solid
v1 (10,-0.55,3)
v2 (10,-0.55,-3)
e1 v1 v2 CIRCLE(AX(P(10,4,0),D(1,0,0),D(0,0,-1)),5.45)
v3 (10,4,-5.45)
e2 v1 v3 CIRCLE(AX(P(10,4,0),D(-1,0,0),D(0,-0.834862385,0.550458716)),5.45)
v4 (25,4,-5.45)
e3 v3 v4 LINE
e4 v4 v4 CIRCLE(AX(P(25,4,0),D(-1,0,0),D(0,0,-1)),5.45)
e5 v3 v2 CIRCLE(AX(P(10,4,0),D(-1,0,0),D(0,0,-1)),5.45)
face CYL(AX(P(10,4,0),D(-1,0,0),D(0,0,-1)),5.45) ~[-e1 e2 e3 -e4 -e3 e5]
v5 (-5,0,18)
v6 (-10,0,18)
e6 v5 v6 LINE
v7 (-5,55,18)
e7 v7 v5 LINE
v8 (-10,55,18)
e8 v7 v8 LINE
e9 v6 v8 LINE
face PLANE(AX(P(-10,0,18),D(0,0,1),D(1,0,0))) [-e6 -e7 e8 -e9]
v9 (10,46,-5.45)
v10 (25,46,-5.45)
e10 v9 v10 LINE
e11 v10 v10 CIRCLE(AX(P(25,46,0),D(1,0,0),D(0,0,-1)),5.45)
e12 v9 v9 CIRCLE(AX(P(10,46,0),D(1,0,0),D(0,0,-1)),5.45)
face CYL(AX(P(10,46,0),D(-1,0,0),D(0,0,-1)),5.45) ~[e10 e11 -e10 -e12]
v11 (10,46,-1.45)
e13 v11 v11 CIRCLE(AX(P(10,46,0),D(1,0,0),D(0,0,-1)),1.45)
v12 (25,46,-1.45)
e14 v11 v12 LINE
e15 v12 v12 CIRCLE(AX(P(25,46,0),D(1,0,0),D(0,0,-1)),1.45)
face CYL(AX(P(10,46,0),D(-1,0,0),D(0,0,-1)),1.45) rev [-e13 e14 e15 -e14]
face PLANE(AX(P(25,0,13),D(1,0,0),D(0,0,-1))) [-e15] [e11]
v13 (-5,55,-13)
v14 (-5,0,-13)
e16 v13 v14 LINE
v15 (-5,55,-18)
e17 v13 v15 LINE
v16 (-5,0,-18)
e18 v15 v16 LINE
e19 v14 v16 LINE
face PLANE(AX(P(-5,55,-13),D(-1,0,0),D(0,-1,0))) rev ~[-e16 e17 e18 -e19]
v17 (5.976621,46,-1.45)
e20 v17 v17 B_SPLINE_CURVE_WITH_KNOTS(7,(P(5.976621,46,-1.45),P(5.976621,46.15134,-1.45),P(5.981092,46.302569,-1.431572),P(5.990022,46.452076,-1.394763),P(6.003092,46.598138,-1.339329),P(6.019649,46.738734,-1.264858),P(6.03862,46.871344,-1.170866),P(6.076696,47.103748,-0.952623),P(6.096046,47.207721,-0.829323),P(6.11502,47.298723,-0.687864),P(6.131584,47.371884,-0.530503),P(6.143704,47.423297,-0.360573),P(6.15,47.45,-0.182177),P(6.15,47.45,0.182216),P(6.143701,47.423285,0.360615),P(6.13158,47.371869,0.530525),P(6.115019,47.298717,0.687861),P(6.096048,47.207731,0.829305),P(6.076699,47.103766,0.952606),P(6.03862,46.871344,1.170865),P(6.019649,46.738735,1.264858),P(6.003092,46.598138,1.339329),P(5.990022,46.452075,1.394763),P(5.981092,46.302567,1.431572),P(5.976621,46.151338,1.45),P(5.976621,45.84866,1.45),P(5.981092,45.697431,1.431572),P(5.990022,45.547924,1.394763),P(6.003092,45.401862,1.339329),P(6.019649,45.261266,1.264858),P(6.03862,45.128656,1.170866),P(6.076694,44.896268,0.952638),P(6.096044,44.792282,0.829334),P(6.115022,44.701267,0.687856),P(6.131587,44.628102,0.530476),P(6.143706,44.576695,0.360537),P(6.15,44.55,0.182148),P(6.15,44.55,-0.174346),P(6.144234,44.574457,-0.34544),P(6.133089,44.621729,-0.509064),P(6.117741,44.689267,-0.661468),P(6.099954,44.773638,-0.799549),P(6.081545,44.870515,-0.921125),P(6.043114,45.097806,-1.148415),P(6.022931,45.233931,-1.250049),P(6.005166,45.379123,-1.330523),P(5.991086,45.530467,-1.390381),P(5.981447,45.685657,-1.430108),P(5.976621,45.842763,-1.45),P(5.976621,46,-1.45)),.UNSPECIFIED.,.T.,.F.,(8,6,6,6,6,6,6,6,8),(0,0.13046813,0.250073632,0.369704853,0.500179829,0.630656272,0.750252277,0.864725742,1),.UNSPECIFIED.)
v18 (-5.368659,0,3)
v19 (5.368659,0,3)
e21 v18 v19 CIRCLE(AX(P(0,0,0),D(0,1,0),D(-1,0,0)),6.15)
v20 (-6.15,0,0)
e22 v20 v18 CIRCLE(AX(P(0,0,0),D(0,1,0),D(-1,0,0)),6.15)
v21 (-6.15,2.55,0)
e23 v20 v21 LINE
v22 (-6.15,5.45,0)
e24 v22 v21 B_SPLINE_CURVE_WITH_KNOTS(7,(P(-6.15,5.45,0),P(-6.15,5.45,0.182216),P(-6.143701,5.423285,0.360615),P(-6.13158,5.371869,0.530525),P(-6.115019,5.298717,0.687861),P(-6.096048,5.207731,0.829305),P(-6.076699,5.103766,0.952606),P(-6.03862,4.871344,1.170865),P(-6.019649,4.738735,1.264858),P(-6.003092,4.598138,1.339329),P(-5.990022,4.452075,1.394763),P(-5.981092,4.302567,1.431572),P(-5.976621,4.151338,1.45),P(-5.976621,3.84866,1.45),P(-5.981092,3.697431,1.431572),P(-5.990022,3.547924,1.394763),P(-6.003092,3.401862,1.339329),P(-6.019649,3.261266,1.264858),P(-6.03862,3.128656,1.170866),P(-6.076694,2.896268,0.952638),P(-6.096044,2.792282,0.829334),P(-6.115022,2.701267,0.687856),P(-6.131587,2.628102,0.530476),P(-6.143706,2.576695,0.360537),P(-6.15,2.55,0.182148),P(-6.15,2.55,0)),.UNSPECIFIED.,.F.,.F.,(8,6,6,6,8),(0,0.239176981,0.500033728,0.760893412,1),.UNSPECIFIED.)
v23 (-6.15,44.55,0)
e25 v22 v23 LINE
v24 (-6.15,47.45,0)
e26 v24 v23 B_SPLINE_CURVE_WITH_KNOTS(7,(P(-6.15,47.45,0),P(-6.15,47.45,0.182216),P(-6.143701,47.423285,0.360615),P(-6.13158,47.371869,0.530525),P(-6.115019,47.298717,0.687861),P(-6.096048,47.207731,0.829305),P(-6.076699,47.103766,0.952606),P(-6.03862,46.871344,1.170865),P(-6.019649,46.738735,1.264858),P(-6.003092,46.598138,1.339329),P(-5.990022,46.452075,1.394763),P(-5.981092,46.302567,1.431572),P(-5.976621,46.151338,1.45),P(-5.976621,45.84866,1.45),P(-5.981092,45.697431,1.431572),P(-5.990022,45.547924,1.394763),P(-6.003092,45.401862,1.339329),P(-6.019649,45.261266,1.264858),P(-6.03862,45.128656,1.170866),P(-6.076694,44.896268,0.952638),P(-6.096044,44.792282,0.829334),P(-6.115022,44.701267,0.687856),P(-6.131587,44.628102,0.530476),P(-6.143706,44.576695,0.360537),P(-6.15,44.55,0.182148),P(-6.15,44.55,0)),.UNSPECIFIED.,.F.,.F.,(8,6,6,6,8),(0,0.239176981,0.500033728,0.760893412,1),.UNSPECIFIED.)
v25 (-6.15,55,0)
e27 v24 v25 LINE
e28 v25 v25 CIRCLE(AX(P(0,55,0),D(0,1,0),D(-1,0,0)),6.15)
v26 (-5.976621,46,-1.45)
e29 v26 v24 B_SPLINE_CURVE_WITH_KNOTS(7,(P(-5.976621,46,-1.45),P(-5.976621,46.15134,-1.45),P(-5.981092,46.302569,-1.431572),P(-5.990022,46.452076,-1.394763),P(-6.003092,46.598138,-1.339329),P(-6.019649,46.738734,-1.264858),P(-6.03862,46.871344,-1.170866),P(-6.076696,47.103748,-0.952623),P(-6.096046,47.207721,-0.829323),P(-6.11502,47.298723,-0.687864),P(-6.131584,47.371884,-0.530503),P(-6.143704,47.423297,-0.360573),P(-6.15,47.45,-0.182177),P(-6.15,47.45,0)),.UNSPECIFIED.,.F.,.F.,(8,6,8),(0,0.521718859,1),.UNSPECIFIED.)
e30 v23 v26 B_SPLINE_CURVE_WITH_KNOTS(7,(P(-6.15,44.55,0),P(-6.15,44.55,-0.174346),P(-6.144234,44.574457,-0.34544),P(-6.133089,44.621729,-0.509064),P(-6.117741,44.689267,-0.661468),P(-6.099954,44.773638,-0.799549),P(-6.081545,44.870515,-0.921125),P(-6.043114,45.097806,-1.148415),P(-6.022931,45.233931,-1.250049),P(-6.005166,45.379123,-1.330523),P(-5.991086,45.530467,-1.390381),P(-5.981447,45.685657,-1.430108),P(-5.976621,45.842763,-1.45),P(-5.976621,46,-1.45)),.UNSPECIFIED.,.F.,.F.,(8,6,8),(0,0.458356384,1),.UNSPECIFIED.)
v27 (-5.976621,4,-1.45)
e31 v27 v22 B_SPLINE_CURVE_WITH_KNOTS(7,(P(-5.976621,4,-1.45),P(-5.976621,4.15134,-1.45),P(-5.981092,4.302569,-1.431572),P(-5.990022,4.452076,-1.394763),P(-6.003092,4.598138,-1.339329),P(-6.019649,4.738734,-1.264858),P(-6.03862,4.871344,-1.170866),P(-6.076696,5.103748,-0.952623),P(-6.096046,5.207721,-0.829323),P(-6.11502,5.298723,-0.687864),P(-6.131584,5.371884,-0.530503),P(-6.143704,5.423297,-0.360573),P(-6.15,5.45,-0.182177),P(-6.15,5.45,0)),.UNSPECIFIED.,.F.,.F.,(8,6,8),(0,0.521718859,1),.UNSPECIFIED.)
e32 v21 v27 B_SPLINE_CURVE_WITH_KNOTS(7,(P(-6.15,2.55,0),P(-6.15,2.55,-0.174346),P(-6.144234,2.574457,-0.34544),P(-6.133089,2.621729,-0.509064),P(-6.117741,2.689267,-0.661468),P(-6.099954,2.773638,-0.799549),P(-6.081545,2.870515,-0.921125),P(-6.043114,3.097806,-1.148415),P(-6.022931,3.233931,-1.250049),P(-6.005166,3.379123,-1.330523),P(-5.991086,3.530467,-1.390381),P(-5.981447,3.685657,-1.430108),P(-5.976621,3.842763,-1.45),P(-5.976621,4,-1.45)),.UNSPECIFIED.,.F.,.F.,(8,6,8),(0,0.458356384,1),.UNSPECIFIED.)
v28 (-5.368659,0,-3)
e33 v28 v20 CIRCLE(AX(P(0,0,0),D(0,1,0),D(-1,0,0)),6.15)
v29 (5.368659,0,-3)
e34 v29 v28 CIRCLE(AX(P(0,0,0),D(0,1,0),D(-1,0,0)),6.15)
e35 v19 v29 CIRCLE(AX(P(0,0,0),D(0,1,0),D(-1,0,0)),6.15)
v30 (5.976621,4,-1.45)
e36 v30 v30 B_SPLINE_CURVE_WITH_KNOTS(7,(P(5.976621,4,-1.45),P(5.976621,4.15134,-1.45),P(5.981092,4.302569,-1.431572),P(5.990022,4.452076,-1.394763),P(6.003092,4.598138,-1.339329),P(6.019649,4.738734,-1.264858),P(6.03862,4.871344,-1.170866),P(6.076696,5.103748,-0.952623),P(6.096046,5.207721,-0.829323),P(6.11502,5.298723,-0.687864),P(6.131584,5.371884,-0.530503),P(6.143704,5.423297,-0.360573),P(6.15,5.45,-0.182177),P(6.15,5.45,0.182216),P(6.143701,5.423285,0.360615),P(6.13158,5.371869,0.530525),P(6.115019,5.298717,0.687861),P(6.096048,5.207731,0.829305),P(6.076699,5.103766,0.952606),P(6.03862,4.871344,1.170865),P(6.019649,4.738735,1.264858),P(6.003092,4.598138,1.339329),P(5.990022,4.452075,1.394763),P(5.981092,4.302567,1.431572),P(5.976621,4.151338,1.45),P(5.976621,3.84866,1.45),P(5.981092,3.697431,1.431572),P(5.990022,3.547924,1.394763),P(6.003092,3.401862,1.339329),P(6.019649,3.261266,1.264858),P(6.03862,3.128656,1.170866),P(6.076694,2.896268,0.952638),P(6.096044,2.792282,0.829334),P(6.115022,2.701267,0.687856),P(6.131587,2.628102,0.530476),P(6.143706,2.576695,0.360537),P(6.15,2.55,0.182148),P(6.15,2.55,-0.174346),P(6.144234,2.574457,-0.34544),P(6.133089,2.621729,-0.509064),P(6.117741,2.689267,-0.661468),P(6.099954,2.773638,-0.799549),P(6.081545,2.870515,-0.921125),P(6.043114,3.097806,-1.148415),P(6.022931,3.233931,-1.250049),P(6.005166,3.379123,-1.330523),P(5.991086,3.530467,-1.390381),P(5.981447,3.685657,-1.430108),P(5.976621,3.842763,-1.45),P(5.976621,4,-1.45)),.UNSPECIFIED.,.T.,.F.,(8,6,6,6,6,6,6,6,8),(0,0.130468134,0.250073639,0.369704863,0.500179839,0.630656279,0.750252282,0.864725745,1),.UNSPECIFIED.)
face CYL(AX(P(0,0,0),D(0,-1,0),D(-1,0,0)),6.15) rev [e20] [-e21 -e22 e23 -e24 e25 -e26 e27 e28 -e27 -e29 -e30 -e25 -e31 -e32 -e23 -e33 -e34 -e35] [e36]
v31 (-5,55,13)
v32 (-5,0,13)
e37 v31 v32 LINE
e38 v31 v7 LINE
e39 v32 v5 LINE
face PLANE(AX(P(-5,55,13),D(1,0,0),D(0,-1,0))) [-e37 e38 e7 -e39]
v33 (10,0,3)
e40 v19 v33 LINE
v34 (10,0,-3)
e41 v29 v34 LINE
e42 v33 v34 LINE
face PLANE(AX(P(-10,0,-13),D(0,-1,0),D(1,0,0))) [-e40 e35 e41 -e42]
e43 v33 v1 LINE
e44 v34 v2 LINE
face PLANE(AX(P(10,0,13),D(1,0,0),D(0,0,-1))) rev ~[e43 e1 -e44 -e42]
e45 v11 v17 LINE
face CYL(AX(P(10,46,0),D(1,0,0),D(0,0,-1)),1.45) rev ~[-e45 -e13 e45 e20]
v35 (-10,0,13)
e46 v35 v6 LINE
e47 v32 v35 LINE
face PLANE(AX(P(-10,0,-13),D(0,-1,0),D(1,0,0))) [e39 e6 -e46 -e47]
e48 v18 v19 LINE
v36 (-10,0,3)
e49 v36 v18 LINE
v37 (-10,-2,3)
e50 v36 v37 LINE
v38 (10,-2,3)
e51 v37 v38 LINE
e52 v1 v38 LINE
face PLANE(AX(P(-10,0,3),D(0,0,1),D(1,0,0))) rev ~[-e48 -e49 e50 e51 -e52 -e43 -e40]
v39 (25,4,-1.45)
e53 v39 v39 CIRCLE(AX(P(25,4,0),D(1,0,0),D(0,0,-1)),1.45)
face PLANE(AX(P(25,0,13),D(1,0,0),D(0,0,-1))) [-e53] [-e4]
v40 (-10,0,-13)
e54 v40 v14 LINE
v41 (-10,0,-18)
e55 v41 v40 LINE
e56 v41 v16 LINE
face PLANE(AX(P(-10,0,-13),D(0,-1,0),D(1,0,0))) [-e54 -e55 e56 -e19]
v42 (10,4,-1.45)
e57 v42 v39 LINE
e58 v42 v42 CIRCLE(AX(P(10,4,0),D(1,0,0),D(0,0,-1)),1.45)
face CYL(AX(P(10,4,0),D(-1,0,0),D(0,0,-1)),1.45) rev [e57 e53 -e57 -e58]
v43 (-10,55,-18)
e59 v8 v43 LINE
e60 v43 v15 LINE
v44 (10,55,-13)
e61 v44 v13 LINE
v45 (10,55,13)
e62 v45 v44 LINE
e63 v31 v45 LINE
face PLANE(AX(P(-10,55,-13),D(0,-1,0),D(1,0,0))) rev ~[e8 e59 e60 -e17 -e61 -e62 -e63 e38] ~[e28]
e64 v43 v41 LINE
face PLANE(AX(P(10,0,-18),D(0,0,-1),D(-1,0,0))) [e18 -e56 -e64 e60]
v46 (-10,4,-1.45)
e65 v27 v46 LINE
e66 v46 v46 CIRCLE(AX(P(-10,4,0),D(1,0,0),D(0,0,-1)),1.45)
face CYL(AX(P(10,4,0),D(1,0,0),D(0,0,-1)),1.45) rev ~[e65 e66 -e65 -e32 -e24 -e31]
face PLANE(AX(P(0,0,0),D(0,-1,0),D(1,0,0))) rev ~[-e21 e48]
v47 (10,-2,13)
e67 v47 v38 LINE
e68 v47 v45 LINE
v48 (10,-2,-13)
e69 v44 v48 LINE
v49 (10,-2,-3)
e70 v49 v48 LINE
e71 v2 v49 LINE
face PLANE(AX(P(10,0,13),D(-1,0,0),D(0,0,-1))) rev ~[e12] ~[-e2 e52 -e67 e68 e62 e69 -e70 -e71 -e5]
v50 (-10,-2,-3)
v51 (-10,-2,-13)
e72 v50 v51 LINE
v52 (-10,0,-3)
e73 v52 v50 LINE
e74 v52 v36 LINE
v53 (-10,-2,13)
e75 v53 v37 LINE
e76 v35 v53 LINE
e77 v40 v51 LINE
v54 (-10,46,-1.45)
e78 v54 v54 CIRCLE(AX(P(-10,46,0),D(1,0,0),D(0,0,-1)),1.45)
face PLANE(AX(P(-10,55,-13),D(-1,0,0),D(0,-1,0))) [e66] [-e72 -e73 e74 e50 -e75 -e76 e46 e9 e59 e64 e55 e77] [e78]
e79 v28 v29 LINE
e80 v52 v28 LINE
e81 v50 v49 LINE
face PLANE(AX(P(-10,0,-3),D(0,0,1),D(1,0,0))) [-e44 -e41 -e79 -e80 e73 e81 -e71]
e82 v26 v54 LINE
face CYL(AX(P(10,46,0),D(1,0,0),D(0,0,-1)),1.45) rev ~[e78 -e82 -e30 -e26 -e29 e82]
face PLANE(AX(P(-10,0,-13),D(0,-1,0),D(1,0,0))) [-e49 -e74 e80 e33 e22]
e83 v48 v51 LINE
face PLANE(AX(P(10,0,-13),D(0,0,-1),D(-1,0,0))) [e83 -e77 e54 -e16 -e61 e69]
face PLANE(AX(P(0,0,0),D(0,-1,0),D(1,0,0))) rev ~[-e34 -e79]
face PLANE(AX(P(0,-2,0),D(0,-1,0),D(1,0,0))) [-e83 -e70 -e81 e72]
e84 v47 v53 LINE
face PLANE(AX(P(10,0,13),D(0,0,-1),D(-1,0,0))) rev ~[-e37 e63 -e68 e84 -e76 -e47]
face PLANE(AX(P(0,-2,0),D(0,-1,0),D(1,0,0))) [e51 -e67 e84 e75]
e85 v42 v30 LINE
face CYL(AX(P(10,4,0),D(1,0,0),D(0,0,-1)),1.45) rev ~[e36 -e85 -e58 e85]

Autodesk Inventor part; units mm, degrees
ref_plane "YZ Plane" through (0, 0, 0) normal (1, 0, 0) x (0, 1, 0)
ref_plane "XZ Plane" through (0, 0, 0) normal (0, 1, 0) x (-1, 0, 0)
ref_plane "XY Plane" through (0, 0, 0) normal (0, 0, 1) x (1, 0, 0)
sketch "Sketch1" plane through (0, 0, 0) normal (0, 1, 0) x (-1, 0, 0)
  circle A0 centre (0, 0) radius 6.15
  line L0 (10, 13) -> (-10, 13)
  line L1 (-10, 13) -> (-10, -13)
  line L2 (-10, -13) -> (10, -13)
  line L3 (10, -13) -> (10, 13)
  dimension "d0" = 12.3
  dimension "d1" = 10
  dimension "d2" = 10
  dimension "d3" = 13
  dimension "d4" = 13
extrude "Extrusion1" add sketch "Sketch1" along normal blind 55
sketch "Sketch2" plane through (10, 0, 13) normal (1, 0, 0) x (0, 0, -1)
  circle A0 centre (13, 4) radius 1.45
  line L0 (0, 0) -> (26, 0) projected
  circle A1 centre (13, 46) radius 1.45
  line L1 (0, 0) -> (0, 55) projected
  point P0 (13, 0)
  dimension "d7" = 2.9
  dimension "d8" = 4
  dimension "d9" = 2.9
  dimension "d10" = 46
  dimension "d11" = 13
  dimension "d12" = 13
extrude "Extrusion2" cut sketch "Sketch2" against normal blind 55
sketch "Sketch3" plane through (10, 0, 13) normal (1, 0, 0) x (0, 0, -1)
  circle A0 centre (13, 4) radius 1.45 projected
  circle A1 centre (13, 46) radius 1.45 projected
  line L0 (0, 0) -> (26, 0) projected
  line L1 (26, 0) -> (26, 55) projected
  line L2 (0, 55) -> (26, 55) projected
  line L3 (0, 0) -> (0, 55) projected
  circle A2 centre (13, 46) radius 5.45
  circle A3 centre (13, 4) radius 5.45
  circle A4 centre (4, 46) radius 1.6
  circle A5 centre (22, 46) radius 1.6
  circle A6 centre (4, 4) radius 1.6
  circle A7 centre (22, 4) radius 1.6
  point P0 (13, 0)
  dimension "d15" = 4
  dimension "d16" = 4
  dimension "d19" = 3.2
  dimension "d20" = 3.2
  dimension "d21" = 3.2
  dimension "d22" = 3.2
  dimension "d23" = 4
  dimension "d24" = 4
  dimension "d25" = 4
  dimension "d26" = 4
extrude "Extrusion3" add sketch "Sketch3" along normal blind 15 contours A3 L0 | L0 A3 | A2
sketch "Sketch6" plane through (-10, 0, 13) normal (0, 0, 1) x (1, 0, 0)
  line L0 (20, 55) -> (0, 55) projected
  line L1 (20, 0) -> (0, 0) projected
  line L2 (0, 55) -> (5, 55)
  line L3 (5, 55) -> (5, 0)
  line L4 (5, 0) -> (0, 0)
  line L5 (0, 0) -> (0, 55)
  point P0 (10, 0)
  point P1 (5, 55)
  dimension "d31" = 5
extrude "Extrusion6" add sketch "Sketch6" along normal blind 5
sketch "Sketch7" plane through (10, 0, -13) normal (0, 0, -1) x (-1, 0, 0)
  line L0 (20, 55) -> (20, 0) projected
  line L1 (20, 0) -> (15, 0) projected
  line L2 (20, 55) -> (15, 55)
  line L3 (15, 55) -> (15, 0)
  line L4 (15, 0) -> (20, 0)
  line L5 (20, 0) -> (20, 55)
  point P0 (10, 0)
  dimension "d34" = 5
extrude "Extrusion7" add sketch "Sketch7" along normal blind 5
sketch "Sketch8" plane through (0, 0, 0) normal (0, -1, 0) x (1, 0, 0)
  line L0 (10, 13) -> (10, -13) projected
  line L1 (-10, 18) -> (-10, -18) projected
  line L2 (10, 13) -> (-10, 13)
  line L3 (-10, 13) -> (-10, 3)
  line L4 (-10, 3) -> (10, 3)
  line L5 (10, 3) -> (10, 13)
  line L6 (10, -13) -> (-5, -13) projected
  line L7 (10, -13) -> (-10, -13)
  line L8 (-10, -13) -> (-10, -3)
  line L9 (-10, -3) -> (10, -3)
  line L10 (10, -3) -> (10, -13)
  point P0 (0, 0)
  point P1 (10, -3)
  point P2 (-10, -3)
  dimension "d37" = 10
  dimension "d38" = 10
extrude "Extrusion8" add sketch "Sketch8" along normal blind 2 contours L0 L4 L1 L2 | L0 L6 L7 L1 L9
properties part number "Tube_outerhole_template_p1"
